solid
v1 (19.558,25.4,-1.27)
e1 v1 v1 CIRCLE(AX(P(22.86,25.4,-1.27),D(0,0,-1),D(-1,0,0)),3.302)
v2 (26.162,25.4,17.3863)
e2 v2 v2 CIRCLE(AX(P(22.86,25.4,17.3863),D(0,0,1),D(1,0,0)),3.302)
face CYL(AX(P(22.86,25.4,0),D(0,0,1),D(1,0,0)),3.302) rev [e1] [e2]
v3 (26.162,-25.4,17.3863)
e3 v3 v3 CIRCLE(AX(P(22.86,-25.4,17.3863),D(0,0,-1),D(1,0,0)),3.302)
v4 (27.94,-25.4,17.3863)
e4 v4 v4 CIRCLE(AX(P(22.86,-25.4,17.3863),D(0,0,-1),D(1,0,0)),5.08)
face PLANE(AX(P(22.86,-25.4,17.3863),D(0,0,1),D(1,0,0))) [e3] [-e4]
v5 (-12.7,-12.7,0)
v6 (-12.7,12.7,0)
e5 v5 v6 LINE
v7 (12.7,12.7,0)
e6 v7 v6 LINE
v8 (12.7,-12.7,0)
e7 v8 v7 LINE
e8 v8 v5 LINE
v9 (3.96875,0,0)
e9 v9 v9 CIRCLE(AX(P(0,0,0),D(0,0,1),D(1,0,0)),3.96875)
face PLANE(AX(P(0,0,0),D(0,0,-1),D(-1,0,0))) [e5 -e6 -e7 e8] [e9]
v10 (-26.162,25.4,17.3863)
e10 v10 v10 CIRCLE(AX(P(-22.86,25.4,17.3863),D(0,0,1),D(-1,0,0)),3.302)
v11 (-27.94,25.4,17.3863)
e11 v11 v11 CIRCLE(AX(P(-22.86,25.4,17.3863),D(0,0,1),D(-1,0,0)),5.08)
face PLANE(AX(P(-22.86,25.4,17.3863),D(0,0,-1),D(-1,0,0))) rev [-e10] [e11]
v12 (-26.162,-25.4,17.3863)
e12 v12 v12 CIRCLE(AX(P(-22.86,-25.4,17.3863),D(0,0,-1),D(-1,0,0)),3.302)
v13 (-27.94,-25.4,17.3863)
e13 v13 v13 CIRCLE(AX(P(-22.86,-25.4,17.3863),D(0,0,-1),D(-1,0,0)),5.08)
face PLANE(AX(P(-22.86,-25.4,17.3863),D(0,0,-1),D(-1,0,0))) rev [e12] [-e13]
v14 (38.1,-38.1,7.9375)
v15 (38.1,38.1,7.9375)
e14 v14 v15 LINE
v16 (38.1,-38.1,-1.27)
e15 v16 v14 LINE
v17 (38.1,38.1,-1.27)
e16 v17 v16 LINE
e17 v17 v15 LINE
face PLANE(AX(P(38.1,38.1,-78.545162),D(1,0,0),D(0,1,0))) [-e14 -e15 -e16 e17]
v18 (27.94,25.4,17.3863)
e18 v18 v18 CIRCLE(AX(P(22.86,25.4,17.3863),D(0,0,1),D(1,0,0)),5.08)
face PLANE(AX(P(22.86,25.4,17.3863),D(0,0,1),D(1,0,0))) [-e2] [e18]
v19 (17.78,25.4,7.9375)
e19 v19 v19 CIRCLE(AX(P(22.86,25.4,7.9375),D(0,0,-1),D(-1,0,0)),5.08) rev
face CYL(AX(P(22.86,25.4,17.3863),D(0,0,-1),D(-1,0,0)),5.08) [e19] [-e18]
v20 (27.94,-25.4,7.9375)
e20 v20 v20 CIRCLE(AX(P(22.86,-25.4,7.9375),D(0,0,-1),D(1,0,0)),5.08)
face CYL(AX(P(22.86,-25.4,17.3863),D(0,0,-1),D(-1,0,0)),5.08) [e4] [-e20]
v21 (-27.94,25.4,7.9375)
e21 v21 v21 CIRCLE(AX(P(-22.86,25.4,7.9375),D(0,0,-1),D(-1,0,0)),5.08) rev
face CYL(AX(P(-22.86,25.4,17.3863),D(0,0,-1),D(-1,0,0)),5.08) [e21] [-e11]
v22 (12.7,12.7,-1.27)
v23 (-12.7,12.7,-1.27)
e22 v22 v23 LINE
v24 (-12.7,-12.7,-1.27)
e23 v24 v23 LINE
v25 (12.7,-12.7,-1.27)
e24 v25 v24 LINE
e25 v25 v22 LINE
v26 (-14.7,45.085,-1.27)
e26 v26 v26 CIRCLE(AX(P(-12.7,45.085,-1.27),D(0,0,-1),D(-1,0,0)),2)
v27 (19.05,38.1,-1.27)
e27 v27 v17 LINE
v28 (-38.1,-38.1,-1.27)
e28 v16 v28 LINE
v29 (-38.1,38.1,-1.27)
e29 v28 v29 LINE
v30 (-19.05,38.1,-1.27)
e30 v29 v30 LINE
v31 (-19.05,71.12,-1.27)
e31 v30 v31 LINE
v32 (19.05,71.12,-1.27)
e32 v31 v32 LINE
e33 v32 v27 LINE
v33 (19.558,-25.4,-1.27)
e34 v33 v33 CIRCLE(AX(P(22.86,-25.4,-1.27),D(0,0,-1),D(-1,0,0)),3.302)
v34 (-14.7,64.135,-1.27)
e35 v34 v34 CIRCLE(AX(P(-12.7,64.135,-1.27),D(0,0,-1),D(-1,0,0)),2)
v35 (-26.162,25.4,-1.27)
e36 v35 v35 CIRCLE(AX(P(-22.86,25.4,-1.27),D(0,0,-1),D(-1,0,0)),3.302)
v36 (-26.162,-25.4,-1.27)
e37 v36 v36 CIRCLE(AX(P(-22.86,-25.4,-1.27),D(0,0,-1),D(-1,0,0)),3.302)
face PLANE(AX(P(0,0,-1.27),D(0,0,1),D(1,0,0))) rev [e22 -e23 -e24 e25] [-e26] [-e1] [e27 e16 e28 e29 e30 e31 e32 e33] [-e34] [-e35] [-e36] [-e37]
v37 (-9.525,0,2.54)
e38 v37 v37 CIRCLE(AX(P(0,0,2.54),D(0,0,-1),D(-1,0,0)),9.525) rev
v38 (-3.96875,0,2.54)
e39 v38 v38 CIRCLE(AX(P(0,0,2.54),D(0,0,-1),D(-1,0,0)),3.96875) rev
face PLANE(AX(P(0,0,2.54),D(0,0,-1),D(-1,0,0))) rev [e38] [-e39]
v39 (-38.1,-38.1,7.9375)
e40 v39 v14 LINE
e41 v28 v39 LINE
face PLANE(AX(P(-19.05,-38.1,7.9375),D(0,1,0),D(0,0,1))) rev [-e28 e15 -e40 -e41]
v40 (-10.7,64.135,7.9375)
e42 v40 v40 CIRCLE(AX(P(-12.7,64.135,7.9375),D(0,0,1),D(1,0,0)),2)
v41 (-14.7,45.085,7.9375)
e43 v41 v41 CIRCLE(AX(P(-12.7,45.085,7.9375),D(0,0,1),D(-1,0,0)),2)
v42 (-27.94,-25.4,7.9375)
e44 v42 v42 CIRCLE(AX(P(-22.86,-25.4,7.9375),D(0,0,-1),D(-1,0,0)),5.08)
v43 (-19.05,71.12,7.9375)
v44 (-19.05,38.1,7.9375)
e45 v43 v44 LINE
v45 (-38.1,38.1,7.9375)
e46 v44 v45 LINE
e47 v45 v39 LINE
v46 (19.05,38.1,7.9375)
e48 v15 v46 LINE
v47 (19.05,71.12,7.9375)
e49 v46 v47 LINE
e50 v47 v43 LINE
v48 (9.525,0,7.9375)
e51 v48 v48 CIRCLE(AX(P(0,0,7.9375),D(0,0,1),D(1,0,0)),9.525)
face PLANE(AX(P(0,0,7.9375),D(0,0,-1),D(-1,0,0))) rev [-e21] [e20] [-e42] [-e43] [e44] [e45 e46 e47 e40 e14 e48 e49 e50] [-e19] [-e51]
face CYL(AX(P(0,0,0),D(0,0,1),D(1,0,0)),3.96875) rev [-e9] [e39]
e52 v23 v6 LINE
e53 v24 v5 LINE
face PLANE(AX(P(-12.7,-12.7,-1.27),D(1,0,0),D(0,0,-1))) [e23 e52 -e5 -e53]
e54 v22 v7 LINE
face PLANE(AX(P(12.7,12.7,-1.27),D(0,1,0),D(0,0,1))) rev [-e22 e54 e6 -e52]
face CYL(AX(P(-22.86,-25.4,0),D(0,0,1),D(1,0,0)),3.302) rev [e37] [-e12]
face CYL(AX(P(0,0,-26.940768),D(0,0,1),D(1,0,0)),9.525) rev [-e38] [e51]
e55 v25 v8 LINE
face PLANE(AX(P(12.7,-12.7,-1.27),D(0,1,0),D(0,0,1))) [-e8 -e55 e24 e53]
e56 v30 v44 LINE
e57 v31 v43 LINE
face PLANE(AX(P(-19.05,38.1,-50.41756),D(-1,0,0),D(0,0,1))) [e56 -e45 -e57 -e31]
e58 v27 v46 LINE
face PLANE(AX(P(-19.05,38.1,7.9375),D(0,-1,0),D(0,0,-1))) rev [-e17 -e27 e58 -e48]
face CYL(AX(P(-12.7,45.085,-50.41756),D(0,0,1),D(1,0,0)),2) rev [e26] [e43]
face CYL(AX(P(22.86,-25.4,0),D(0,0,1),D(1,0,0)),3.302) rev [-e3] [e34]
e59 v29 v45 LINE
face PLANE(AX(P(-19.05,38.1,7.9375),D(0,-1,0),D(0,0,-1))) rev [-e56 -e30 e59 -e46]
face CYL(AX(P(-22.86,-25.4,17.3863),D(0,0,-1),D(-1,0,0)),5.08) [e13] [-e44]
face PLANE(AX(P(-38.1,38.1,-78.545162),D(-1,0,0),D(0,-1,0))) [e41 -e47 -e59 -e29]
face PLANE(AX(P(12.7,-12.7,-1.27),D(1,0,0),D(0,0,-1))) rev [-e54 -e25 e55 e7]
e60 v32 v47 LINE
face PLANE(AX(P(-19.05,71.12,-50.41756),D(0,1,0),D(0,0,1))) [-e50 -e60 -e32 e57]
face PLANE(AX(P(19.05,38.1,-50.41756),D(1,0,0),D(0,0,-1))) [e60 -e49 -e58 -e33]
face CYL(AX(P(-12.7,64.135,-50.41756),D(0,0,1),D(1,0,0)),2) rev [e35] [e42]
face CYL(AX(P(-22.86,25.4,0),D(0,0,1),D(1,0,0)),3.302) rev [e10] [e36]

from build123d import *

# Parameters (mm, degrees)
SKETCH1_W           = 38.1
SKETCH1_H           = 76.2
BOSS_EXTRUDE1_DEPTH = 7.9375
SKETCH2_R           = 3.96875
CUT_EXTRUDE1_DEPTH  = 44.330317403
SKETCH4_R           = 9.525
CUT_EXTRUDE2_DEPTH  = 5.3975
SKETCH8_W           = 19.05
SKETCH8_H           = 76.2
BOSS_EXTRUDE5_DEPTH = 7.9375
SKETCH5_R           = 5.08
BOSS_EXTRUDE2_DEPTH = 9.4488
SKETCH6_R           = 3.302
CUT_EXTRUDE3_DEPTH  = 57.617165486
SKETCH7_W           = 38.1
SKETCH7_H           = 33.02
SKETCH7_R           = 2
BOSS_EXTRUDE4_DEPTH = 7.9375
SKETCH9_R           = 3.302
SKETCH9_R_2         = 2
SKETCH9_W           = 25.4
SKETCH9_H           = 25.4
BOSS_EXTRUDE6_DEPTH = 1.27


with BuildPart() as part:
    # Sketch1 → Boss-Extrude1 (new body)
    with BuildSketch(Plane.XY):
        Rectangle(SKETCH1_W, SKETCH1_H)
    extrude(amount=BOSS_EXTRUDE1_DEPTH)

    # Sketch2 → Cut-Extrude1 (cut, through all)
    with BuildSketch(Plane.XY.offset(7.9375)):
        Circle(SKETCH2_R)
    extrude(amount=-CUT_EXTRUDE1_DEPTH, mode=Mode.SUBTRACT)

    # Sketch4 → Cut-Extrude2 (cut)
    with BuildSketch(Plane.XY.offset(7.9375)):
        Circle(SKETCH4_R)
    extrude(amount=-CUT_EXTRUDE2_DEPTH, mode=Mode.SUBTRACT)

    # Sketch8 → Boss-Extrude5 (add)
    with BuildSketch(Plane.XY.offset(7.9375)):
        with Locations((-28.575, 0)):
            Rectangle(SKETCH8_W, SKETCH8_H)
        with Locations((28.575, 0)):
            Rectangle(SKETCH8_W, SKETCH8_H)
    extrude(amount=-BOSS_EXTRUDE5_DEPTH)

    # Sketch5 → Boss-Extrude2 (add)
    with BuildSketch(Plane.XY.offset(7.9375)):
        with Locations(Location((22.86, 25.4, 0), (0, 0, 180))):
            Circle(SKETCH5_R)
        with Locations(Location((-22.86, 25.4, 0), (0, 0, 180))):
            Circle(SKETCH5_R)
    boss_extrude2 = extrude(amount=BOSS_EXTRUDE2_DEPTH)

    # Sketch6 → Cut-Extrude3 (cut, through all)
    with BuildSketch(Plane.XY.offset(17.3863)):
        with Locations((22.86, 25.4)):
            Circle(SKETCH6_R)
        with Locations(Location((-22.86, 25.4, 0), (0, 0, 180))):
            Circle(SKETCH6_R)
    cut_extrude3 = extrude(amount=-CUT_EXTRUDE3_DEPTH, mode=Mode.SUBTRACT)

    # Mirror1: Boss-Extrude2, Cut-Extrude3 across plane
    add(boss_extrude2.mirror(Plane.ZX))
    add(cut_extrude3.mirror(Plane.ZX), mode=Mode.SUBTRACT)

    # Sketch7 → Boss-Extrude4 (add)
    with BuildSketch(Plane.XY.offset(7.9375)):
        with Locations((0, 54.61)):
            Rectangle(SKETCH7_W, SKETCH7_H)
        with Locations((-12.7, 64.135)):
            Circle(SKETCH7_R, mode=Mode.SUBTRACT)
        with Locations(Location((-12.7, 45.085, 0), (0, 0, 180))):
            Circle(SKETCH7_R, mode=Mode.SUBTRACT)
    extrude(amount=-BOSS_EXTRUDE4_DEPTH)

    # Sketch9 → Boss-Extrude6 (add)
    with BuildSketch(Plane(origin=(0, 0, 0), x_dir=(-1, 0, 0), z_dir=(0, 0, -1))):
        Polygon((-19.05, 38.1), (-38.1, 38.1), (-38.1, -38.1), (38.1, -38.1), (38.1, 38.1), (19.05, 38.1), (19.05, 71.12), (-19.05, 71.12), align=None)
        with Locations(Location((-22.86, -25.4, 0), (0, 0, 180))):
            Circle(SKETCH9_R, mode=Mode.SUBTRACT)
        with Locations((22.86, -25.4)):
            Circle(SKETCH9_R, mode=Mode.SUBTRACT)
        with Locations((22.86, 25.4)):
            Circle(SKETCH9_R, mode=Mode.SUBTRACT)
        with Locations(Location((12.7, 64.135, 0), (0, 0, 180))):
            Circle(SKETCH9_R_2, mode=Mode.SUBTRACT)
        with Locations((12.7, 45.085)):
            Circle(SKETCH9_R_2, mode=Mode.SUBTRACT)
        with Locations(Location((-22.86, 25.4, 0), (0, 0, 180))):
            Circle(SKETCH9_R, mode=Mode.SUBTRACT)
        Rectangle(SKETCH9_W, SKETCH9_H, mode=Mode.SUBTRACT)
    extrude(amount=BOSS_EXTRUDE6_DEPTH)


solid = part.part
